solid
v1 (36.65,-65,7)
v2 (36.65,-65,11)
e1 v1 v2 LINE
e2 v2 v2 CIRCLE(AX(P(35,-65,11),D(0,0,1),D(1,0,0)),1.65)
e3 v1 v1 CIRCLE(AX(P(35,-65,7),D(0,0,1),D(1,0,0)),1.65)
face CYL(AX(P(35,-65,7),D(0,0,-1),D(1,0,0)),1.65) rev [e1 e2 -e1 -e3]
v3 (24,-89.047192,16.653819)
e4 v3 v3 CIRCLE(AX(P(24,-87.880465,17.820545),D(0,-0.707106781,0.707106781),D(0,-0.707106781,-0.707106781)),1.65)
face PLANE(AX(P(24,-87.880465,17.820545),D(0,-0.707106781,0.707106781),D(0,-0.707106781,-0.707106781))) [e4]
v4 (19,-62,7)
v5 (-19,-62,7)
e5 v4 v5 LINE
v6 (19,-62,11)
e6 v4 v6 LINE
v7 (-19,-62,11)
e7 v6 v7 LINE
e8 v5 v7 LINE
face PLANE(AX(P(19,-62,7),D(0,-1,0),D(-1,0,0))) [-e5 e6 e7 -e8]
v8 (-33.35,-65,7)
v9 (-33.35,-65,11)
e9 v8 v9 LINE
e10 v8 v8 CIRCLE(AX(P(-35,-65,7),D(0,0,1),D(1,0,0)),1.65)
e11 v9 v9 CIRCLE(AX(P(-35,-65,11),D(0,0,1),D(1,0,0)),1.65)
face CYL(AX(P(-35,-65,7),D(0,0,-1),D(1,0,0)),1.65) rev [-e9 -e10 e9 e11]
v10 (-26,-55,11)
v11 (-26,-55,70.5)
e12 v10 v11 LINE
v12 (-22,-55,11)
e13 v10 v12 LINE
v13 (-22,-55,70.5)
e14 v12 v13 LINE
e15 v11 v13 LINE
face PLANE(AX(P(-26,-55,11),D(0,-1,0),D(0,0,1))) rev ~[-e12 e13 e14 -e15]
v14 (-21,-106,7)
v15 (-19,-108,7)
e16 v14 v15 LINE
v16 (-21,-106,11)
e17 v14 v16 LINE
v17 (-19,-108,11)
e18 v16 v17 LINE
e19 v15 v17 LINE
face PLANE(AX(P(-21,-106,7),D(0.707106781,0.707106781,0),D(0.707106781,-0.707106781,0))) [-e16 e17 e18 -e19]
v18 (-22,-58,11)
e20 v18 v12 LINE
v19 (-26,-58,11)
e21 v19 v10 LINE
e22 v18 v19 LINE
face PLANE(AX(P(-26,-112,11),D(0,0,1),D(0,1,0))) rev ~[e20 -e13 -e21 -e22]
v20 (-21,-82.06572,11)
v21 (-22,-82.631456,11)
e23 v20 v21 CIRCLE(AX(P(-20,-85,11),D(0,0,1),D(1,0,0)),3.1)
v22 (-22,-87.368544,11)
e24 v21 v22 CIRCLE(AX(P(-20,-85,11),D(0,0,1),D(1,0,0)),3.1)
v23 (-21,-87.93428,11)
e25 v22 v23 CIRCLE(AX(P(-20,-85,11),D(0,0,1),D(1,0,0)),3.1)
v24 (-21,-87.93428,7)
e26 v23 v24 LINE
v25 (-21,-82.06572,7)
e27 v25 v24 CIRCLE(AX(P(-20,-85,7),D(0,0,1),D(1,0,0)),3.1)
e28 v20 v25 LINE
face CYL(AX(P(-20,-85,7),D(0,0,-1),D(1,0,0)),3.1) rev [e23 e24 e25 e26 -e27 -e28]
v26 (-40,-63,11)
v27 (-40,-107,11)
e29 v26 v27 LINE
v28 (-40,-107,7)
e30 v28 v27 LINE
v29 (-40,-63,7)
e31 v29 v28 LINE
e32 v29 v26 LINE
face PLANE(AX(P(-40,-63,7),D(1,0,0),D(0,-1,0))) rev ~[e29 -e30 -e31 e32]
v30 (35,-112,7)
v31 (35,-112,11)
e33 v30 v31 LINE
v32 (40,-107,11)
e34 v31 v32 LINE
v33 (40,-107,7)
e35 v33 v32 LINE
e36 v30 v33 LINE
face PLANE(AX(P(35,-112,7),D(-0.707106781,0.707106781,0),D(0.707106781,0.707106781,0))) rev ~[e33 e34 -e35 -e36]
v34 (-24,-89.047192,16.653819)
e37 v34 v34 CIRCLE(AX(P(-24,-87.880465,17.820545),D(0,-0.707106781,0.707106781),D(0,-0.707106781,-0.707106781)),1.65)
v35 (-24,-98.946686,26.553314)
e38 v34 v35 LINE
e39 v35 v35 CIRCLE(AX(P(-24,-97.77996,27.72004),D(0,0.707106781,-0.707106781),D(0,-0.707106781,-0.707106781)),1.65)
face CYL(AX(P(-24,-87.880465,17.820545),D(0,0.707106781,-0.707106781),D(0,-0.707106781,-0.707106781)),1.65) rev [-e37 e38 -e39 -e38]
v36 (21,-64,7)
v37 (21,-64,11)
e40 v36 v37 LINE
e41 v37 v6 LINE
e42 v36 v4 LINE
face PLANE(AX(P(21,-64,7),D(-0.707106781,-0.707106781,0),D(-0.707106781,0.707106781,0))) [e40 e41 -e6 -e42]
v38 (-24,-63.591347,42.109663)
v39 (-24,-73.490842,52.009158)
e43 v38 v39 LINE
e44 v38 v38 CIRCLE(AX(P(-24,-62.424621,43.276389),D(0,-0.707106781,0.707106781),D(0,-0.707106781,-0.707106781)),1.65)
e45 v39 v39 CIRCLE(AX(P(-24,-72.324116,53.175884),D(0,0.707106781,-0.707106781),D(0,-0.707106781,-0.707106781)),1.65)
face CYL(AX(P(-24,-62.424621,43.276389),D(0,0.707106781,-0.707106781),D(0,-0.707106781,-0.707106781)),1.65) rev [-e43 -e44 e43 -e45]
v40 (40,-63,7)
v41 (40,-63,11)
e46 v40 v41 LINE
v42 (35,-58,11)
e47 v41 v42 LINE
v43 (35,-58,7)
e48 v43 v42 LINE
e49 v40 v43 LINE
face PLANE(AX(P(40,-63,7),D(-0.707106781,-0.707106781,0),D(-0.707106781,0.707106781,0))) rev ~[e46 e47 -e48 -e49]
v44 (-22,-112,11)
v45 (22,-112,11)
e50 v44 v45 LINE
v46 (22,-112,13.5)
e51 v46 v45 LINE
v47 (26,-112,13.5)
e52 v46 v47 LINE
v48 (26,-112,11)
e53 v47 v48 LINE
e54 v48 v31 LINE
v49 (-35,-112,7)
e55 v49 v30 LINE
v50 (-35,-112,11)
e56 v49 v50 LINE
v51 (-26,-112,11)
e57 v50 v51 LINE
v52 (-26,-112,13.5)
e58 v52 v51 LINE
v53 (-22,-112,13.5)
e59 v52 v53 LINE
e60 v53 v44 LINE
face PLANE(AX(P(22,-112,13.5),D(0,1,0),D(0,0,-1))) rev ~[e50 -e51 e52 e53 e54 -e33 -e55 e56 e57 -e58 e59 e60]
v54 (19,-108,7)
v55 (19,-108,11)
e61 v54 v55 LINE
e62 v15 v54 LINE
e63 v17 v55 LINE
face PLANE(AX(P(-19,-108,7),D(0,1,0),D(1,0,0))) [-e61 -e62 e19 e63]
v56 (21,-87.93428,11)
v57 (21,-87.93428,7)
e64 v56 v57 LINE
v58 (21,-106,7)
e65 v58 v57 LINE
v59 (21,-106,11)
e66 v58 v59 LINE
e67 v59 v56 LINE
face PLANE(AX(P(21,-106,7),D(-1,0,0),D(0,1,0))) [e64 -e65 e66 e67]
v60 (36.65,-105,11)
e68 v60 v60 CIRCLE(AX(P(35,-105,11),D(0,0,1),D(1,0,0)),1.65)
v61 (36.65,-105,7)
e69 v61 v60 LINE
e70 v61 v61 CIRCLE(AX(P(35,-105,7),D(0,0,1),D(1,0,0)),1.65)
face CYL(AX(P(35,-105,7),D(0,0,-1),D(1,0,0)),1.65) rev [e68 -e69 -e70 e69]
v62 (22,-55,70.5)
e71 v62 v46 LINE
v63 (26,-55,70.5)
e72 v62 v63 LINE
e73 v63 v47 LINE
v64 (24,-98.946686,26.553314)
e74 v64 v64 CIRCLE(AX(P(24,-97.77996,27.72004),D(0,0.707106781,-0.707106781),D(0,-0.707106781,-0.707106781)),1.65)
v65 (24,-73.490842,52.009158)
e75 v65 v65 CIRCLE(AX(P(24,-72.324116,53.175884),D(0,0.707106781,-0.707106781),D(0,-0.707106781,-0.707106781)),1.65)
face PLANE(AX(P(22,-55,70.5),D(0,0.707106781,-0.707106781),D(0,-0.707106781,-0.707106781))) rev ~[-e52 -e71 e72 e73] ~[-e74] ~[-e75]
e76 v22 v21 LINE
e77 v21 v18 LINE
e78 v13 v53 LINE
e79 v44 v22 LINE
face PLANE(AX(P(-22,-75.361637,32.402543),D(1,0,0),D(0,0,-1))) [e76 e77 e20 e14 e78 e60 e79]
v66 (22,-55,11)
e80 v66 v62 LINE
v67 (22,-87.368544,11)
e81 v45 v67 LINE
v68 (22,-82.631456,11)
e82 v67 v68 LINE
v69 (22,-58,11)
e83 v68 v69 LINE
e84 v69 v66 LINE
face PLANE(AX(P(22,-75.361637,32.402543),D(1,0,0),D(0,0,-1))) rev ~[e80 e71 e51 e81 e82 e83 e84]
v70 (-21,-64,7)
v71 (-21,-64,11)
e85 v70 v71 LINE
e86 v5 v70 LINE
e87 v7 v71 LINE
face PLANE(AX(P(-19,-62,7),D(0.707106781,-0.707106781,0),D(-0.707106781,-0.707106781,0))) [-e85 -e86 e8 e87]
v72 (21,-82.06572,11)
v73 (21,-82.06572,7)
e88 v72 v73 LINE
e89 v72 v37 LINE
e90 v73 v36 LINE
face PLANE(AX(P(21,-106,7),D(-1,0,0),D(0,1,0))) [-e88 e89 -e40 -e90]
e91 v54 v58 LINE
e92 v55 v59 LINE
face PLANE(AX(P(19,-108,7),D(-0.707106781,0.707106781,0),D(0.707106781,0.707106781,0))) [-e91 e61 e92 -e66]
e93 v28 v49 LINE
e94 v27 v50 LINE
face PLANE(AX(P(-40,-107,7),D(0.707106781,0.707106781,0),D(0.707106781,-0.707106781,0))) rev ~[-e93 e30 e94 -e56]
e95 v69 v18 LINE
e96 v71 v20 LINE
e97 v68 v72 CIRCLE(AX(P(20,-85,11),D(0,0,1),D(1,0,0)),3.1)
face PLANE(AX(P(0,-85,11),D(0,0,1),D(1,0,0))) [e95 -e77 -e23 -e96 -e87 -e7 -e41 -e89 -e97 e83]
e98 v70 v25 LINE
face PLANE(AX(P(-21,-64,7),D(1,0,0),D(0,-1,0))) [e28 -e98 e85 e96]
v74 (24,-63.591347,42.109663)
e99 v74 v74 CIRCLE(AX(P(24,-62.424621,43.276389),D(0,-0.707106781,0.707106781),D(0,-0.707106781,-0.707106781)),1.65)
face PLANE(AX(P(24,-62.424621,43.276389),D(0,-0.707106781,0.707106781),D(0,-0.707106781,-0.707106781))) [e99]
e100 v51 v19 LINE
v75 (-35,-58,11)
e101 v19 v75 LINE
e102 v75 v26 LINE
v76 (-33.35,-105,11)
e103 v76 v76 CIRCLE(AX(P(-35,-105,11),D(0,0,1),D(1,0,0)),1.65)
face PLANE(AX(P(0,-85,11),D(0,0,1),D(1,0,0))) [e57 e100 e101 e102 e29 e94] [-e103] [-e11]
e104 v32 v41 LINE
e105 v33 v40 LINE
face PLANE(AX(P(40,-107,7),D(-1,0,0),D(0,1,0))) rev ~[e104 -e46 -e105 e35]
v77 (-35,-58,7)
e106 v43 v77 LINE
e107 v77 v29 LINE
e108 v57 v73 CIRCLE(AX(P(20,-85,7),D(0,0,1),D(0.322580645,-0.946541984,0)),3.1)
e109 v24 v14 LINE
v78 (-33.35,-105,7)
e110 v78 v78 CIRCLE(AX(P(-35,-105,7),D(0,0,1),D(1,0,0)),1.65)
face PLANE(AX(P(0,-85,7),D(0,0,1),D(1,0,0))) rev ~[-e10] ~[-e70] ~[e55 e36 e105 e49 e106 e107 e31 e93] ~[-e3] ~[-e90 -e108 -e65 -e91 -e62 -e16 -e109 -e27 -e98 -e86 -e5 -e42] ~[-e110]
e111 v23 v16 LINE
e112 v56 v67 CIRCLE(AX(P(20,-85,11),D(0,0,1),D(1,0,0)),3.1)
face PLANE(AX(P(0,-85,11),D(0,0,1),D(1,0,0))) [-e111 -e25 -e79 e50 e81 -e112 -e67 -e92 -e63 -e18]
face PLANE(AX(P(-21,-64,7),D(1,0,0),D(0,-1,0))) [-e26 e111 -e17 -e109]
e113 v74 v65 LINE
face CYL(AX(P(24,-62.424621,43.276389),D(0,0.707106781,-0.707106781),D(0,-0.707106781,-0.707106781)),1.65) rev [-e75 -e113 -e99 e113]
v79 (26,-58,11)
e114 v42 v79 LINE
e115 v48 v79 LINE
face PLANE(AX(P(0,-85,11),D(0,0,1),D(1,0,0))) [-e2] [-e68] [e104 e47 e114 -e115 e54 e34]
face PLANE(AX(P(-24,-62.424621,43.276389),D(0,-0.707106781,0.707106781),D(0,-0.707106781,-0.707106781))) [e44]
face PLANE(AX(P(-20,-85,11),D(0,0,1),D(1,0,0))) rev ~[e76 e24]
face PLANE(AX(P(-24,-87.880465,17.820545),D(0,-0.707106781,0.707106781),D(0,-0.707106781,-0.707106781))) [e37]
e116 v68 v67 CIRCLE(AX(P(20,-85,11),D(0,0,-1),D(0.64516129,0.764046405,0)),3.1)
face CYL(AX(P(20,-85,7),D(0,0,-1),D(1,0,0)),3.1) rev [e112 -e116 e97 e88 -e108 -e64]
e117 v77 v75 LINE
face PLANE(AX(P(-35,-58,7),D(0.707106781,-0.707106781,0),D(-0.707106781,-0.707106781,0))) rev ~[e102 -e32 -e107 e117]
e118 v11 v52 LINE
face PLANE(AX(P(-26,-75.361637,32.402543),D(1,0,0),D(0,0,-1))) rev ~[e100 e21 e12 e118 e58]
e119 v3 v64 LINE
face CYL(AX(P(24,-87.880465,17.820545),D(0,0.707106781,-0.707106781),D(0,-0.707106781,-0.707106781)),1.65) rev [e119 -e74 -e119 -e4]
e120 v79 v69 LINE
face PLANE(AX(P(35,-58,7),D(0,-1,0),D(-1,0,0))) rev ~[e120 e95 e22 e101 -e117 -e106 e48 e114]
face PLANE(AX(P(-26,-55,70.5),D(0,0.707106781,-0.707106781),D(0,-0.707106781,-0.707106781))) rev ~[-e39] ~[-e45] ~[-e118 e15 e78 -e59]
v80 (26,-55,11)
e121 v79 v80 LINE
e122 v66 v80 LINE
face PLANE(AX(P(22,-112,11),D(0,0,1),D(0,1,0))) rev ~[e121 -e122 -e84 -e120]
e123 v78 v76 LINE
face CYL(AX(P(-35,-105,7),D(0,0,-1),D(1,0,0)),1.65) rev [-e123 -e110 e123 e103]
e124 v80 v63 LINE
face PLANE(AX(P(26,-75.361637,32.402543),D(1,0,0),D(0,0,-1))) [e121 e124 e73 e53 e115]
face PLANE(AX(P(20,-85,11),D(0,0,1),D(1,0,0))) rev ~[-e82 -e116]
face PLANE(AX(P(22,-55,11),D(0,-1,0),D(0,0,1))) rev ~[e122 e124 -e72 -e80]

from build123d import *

# Parameters (mm, degrees)
F_4MM_START                  = 7
SKETCH_1_R                   = 1.65
F_4MM_DEPTH                  = 4
EXTRUDE_START                = -26
EXTRUDE_45_1_DEPTH           = 4
EXTRUDE_START_2              = 22
EXTRUDE_45_1_2_DEPTH         = 4
CUT_EXTRUDE_48X36_DEPTH      = 14
CUT_EXTRUDE_48X36_DEPTH_BACK = 14
SKETCH_4_R                   = 1.65
CUT_EXTRUDE_START            = 7
SKETCH_5_R                   = 3.1
CUT_EXTRUDE_631_DEPTH        = 4


with BuildPart() as part:
    # Sketch 1 → 4mm (new body)
    with BuildSketch(Plane.XY.offset(F_4MM_START)):
        Polygon((-35, -112), (35, -112), (40, -107), (40, -63), (35, -58), (-35, -58), (-40, -63), (-40, -107), align=None)
        with Locations((-35, -105)):
            Circle(SKETCH_1_R, mode=Mode.SUBTRACT)
        with Locations((-35, -65)):
            Circle(SKETCH_1_R, mode=Mode.SUBTRACT)
        with Locations((35, -105)):
            Circle(SKETCH_1_R, mode=Mode.SUBTRACT)
        with Locations((35, -65)):
            Circle(SKETCH_1_R, mode=Mode.SUBTRACT)
        Polygon((-19, -108), (19, -108), (21, -106), (21, -64), (19, -62), (-19, -62), (-21, -64), (-21, -106), align=None, mode=Mode.SUBTRACT)
    extrude(amount=F_4MM_DEPTH)

    # Sketch 2 → Extrude 45__-1 (add)
    with BuildSketch(Plane(origin=(0, 0, 0), x_dir=(0, 0, -1), z_dir=(1, 0, 0)).offset(EXTRUDE_START)):
        Polygon((-11, -112), (-11, -55), (-70.5, -55), (-13.5, -112), align=None)
    extrude(amount=EXTRUDE_45_1_DEPTH)

    # Sketch 3 → Extrude 45__1 2 (add)
    with BuildSketch(Plane(origin=(0, 0, 0), x_dir=(0, 0, -1), z_dir=(1, 0, 0)).offset(EXTRUDE_START_2)):
        Polygon((-11, -112), (-11, -55), (-70.5, -55), (-13.5, -112), align=None)
    extrude(amount=EXTRUDE_45_1_2_DEPTH)

    # Sketch 4 → Cut-Extrude 48x36 (cut, two sides: drawn at the far end of the back side and taken through both)
    with BuildSketch(Plane(origin=(0, -62.75, 62.75), x_dir=(1, 0, 0), z_dir=(0, -0.7071067811865475, 0.7071067811865476)).offset(-CUT_EXTRUDE_48X36_DEPTH_BACK)):
        with Locations(Location((-24, -49.539844892, 0), (0, 0, 270))):
            Circle(SKETCH_4_R)
        with Locations(Location((-24, -13.539844892, 0), (0, 0, 270))):
            Circle(SKETCH_4_R)
        with Locations(Location((24, -49.539844892, 0), (0, 0, 270))):
            Circle(SKETCH_4_R)
        with Locations(Location((24, -13.539844892, 0), (0, 0, 270))):
            Circle(SKETCH_4_R)
    extrude(amount=CUT_EXTRUDE_48X36_DEPTH + CUT_EXTRUDE_48X36_DEPTH_BACK, mode=Mode.SUBTRACT)

    # Sketch 5 → Cut-Extrude 631 (cut)
    with BuildSketch(Plane.XY.offset(CUT_EXTRUDE_START)):
        with Locations((-20, -85)):
            Circle(SKETCH_5_R)
        with Locations((20, -85)):
            Circle(SKETCH_5_R)
    extrude(amount=CUT_EXTRUDE_631_DEPTH, mode=Mode.SUBTRACT)


solid = part.part
